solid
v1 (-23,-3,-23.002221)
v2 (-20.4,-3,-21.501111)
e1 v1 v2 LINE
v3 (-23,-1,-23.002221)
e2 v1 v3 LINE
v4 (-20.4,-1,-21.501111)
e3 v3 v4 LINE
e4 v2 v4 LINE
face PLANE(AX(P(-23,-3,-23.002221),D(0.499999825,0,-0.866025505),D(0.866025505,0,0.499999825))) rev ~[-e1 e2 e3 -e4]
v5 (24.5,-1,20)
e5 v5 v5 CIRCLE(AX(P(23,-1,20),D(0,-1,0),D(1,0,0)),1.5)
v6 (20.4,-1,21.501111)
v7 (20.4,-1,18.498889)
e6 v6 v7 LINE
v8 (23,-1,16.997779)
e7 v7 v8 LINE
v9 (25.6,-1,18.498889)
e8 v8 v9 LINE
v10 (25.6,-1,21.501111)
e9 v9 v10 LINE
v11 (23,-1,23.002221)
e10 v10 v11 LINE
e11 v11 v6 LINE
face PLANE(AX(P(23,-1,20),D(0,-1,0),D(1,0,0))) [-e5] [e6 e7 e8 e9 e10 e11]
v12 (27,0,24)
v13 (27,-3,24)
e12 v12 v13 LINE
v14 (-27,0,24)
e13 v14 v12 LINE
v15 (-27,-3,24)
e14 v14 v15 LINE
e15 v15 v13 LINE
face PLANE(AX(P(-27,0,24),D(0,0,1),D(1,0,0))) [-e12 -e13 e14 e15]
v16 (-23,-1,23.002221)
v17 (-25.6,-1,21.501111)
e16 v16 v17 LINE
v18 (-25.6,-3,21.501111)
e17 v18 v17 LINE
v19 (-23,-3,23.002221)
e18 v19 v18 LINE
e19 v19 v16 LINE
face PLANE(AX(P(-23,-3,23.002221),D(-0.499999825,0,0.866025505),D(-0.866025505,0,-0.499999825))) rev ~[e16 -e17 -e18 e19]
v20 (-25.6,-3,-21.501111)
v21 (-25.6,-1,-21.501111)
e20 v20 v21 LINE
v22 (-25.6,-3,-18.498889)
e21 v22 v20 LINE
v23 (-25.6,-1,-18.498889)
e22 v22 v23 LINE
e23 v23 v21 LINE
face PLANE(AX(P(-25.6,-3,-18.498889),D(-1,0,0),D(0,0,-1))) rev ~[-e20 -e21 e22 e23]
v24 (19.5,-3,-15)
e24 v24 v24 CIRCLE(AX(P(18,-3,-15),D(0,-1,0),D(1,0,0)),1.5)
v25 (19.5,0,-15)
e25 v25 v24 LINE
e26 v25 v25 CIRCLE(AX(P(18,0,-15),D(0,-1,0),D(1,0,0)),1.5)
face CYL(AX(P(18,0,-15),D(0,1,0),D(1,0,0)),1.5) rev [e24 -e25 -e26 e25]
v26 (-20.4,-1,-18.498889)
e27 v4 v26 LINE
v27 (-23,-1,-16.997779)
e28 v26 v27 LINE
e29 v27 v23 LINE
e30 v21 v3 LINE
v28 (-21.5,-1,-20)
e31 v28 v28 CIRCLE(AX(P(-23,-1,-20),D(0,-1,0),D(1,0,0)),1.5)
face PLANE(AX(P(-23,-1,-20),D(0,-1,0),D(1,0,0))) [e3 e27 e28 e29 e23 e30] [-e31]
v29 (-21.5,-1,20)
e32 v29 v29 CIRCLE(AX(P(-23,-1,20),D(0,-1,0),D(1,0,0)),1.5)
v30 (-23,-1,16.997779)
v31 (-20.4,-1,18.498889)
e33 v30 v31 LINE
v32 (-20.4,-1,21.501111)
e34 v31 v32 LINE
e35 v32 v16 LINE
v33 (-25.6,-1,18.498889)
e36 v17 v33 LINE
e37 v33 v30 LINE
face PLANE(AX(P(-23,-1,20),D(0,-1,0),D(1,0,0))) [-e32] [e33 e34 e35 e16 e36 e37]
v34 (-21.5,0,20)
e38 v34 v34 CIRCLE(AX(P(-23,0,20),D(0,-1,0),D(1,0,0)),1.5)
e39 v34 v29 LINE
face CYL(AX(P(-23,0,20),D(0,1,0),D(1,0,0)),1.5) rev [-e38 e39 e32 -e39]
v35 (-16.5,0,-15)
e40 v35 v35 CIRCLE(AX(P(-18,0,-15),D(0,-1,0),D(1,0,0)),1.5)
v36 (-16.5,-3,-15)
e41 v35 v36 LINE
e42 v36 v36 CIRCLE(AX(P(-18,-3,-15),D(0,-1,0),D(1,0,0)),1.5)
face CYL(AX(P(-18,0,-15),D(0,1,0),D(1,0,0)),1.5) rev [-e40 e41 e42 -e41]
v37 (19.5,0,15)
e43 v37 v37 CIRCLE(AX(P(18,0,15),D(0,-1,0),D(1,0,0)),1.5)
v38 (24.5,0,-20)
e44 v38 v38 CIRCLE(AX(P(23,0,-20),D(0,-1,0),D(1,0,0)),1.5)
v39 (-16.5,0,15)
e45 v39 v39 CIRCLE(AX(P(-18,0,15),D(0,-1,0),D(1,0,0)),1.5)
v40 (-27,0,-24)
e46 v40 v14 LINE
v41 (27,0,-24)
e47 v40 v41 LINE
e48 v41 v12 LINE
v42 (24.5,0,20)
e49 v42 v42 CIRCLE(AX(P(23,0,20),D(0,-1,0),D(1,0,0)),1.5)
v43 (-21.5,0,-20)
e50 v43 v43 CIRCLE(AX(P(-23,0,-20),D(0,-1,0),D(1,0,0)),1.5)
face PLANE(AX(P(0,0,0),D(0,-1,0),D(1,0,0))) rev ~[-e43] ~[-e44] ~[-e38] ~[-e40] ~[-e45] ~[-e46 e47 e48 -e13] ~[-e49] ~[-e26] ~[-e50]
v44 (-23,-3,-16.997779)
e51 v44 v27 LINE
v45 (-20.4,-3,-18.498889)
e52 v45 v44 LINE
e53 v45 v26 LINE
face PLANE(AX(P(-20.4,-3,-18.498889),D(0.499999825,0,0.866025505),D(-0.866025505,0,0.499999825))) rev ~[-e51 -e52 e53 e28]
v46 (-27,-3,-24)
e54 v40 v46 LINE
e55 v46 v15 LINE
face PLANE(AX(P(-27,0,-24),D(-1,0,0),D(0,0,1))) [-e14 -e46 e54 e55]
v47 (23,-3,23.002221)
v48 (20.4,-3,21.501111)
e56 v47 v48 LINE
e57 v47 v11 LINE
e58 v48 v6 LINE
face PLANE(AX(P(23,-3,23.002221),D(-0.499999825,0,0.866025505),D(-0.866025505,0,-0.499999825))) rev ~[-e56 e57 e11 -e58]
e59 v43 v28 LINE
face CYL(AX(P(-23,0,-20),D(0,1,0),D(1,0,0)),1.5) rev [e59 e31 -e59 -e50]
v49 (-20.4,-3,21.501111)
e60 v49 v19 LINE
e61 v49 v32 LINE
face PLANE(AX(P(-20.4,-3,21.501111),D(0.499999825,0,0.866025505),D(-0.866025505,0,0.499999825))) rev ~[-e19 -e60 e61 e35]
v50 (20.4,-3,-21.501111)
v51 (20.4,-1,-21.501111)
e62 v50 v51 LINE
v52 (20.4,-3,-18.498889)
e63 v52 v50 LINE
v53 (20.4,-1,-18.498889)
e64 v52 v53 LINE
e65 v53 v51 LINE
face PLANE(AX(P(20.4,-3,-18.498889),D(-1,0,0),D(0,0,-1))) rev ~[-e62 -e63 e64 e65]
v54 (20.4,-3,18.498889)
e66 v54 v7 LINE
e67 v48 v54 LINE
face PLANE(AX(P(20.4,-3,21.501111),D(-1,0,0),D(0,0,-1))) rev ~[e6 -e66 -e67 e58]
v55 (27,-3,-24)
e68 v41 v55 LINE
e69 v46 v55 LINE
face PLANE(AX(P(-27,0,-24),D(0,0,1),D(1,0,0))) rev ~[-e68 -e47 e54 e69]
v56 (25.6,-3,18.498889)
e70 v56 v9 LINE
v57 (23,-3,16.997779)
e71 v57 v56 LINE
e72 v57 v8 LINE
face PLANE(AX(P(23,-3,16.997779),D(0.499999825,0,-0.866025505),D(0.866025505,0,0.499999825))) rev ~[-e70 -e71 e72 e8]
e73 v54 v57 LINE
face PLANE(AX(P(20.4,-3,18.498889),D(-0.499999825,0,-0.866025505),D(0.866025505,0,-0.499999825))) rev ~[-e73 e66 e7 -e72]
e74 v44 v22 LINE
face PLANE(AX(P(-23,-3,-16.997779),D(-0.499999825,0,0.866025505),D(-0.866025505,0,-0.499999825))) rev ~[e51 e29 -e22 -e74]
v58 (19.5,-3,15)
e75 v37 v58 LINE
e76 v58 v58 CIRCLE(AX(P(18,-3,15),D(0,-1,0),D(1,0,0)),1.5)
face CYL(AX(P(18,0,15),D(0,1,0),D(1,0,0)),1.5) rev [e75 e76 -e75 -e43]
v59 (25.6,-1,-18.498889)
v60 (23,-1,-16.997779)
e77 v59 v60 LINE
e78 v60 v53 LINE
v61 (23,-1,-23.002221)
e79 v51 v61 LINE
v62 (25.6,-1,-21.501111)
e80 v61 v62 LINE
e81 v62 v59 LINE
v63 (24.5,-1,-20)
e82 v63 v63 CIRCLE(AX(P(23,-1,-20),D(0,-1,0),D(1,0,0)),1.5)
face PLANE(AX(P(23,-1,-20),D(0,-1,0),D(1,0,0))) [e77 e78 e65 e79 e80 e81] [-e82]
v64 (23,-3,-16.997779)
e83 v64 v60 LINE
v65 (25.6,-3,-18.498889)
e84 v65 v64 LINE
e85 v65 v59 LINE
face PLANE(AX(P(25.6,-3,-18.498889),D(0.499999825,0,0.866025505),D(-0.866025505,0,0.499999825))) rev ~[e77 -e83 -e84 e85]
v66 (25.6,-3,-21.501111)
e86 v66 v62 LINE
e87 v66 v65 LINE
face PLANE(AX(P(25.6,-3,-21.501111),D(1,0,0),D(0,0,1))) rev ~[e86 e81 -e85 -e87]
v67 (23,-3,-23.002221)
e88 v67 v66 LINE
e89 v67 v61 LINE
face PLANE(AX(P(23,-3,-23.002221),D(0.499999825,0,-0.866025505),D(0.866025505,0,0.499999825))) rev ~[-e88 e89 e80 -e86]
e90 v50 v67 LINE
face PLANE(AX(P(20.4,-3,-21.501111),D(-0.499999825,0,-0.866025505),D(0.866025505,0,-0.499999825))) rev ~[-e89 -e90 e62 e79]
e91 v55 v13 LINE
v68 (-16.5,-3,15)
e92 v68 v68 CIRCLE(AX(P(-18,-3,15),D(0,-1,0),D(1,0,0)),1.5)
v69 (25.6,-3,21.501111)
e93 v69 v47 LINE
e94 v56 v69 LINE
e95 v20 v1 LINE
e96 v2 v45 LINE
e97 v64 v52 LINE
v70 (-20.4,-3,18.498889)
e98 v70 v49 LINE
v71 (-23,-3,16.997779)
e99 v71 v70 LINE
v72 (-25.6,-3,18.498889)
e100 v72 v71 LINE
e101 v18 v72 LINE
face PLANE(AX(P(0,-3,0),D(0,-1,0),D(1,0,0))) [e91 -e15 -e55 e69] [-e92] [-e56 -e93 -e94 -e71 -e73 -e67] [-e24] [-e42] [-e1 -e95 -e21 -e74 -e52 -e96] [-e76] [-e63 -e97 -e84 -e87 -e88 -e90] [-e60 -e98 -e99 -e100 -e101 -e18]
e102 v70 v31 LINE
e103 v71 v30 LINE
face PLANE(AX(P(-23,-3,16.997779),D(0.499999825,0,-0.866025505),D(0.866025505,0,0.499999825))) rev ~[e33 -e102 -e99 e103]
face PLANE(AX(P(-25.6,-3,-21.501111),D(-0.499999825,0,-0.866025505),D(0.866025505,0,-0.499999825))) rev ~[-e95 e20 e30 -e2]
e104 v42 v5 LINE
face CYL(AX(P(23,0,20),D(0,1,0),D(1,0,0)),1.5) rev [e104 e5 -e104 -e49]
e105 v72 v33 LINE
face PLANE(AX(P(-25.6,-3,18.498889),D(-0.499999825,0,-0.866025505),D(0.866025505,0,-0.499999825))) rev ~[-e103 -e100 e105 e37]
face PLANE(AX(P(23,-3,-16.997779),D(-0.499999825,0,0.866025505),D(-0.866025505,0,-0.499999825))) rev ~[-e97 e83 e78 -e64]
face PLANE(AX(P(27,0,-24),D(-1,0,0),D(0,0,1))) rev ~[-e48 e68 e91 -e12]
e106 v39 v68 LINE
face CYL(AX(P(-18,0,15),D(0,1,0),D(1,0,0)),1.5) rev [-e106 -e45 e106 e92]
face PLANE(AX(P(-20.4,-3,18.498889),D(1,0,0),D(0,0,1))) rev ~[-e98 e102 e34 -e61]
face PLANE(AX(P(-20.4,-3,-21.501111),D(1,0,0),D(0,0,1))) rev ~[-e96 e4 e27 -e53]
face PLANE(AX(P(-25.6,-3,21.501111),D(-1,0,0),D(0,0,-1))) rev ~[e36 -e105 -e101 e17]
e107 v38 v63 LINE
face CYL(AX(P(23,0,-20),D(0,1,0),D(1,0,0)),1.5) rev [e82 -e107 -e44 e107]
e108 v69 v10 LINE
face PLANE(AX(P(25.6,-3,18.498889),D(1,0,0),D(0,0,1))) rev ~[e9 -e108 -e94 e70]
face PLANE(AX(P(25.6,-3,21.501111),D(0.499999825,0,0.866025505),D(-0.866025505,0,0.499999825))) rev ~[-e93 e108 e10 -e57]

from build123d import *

# Parameters (mm, degrees)
F0_W     = 54
F0_H     = 48
F0_R     = 1.5
F1_DEPTH = 3
F2_R     = 1.5
F3_DEPTH = 2


with BuildPart() as f1:
    # F0 (on Front) → F1 (new body)
    with BuildSketch(Plane.XZ):
        Rectangle(F0_W, F0_H)
        with Locations((-23, -20)):
            Circle(F0_R, mode=Mode.SUBTRACT)
        with Locations((-18, -15)):
            Circle(F0_R, mode=Mode.SUBTRACT)
        with Locations((23, -20)):
            Circle(F0_R, mode=Mode.SUBTRACT)
        with Locations((18, -15)):
            Circle(F0_R, mode=Mode.SUBTRACT)
        with Locations((-18, 15)):
            Circle(F0_R, mode=Mode.SUBTRACT)
        with Locations((-23, 20)):
            Circle(F0_R, mode=Mode.SUBTRACT)
        with Locations((18, 15)):
            Circle(F0_R, mode=Mode.SUBTRACT)
        with Locations((23, 20)):
            Circle(F0_R, mode=Mode.SUBTRACT)
    extrude(amount=F1_DEPTH)

    # F2 (on face) → F3 (cut)
    with BuildSketch(Plane.XZ.offset(3)):
        Polygon((-25.6, -18.498889), (-25.6, -21.501111), (-23, -23.002221), (-20.4, -21.501111), (-20.4, -18.498889), (-23, -16.997779), align=None)
        with Locations((-23, -20)):
            Circle(F2_R, mode=Mode.SUBTRACT)
        Polygon((23, -16.997779), (20.4, -18.498889), (20.4, -21.501111), (23, -23.002221), (25.6, -21.501111), (25.6, -18.498889), align=None)
        with Locations((23, -20)):
            Circle(F2_R, mode=Mode.SUBTRACT)
        Polygon((-25.6, 21.501111), (-25.6, 18.498889), (-23, 16.997779), (-20.4, 18.498889), (-20.4, 21.501111), (-23, 23.002221), align=None)
        with Locations((-23, 20)):
            Circle(F2_R, mode=Mode.SUBTRACT)
        Polygon((20.4, 18.498889), (23, 16.997779), (25.6, 18.498889), (25.6, 21.501111), (23, 23.002221), (20.4, 21.501111), align=None)
        with Locations((23, 20)):
            Circle(F2_R, mode=Mode.SUBTRACT)
    extrude(amount=-F3_DEPTH, mode=Mode.SUBTRACT)


solid = f1.part
